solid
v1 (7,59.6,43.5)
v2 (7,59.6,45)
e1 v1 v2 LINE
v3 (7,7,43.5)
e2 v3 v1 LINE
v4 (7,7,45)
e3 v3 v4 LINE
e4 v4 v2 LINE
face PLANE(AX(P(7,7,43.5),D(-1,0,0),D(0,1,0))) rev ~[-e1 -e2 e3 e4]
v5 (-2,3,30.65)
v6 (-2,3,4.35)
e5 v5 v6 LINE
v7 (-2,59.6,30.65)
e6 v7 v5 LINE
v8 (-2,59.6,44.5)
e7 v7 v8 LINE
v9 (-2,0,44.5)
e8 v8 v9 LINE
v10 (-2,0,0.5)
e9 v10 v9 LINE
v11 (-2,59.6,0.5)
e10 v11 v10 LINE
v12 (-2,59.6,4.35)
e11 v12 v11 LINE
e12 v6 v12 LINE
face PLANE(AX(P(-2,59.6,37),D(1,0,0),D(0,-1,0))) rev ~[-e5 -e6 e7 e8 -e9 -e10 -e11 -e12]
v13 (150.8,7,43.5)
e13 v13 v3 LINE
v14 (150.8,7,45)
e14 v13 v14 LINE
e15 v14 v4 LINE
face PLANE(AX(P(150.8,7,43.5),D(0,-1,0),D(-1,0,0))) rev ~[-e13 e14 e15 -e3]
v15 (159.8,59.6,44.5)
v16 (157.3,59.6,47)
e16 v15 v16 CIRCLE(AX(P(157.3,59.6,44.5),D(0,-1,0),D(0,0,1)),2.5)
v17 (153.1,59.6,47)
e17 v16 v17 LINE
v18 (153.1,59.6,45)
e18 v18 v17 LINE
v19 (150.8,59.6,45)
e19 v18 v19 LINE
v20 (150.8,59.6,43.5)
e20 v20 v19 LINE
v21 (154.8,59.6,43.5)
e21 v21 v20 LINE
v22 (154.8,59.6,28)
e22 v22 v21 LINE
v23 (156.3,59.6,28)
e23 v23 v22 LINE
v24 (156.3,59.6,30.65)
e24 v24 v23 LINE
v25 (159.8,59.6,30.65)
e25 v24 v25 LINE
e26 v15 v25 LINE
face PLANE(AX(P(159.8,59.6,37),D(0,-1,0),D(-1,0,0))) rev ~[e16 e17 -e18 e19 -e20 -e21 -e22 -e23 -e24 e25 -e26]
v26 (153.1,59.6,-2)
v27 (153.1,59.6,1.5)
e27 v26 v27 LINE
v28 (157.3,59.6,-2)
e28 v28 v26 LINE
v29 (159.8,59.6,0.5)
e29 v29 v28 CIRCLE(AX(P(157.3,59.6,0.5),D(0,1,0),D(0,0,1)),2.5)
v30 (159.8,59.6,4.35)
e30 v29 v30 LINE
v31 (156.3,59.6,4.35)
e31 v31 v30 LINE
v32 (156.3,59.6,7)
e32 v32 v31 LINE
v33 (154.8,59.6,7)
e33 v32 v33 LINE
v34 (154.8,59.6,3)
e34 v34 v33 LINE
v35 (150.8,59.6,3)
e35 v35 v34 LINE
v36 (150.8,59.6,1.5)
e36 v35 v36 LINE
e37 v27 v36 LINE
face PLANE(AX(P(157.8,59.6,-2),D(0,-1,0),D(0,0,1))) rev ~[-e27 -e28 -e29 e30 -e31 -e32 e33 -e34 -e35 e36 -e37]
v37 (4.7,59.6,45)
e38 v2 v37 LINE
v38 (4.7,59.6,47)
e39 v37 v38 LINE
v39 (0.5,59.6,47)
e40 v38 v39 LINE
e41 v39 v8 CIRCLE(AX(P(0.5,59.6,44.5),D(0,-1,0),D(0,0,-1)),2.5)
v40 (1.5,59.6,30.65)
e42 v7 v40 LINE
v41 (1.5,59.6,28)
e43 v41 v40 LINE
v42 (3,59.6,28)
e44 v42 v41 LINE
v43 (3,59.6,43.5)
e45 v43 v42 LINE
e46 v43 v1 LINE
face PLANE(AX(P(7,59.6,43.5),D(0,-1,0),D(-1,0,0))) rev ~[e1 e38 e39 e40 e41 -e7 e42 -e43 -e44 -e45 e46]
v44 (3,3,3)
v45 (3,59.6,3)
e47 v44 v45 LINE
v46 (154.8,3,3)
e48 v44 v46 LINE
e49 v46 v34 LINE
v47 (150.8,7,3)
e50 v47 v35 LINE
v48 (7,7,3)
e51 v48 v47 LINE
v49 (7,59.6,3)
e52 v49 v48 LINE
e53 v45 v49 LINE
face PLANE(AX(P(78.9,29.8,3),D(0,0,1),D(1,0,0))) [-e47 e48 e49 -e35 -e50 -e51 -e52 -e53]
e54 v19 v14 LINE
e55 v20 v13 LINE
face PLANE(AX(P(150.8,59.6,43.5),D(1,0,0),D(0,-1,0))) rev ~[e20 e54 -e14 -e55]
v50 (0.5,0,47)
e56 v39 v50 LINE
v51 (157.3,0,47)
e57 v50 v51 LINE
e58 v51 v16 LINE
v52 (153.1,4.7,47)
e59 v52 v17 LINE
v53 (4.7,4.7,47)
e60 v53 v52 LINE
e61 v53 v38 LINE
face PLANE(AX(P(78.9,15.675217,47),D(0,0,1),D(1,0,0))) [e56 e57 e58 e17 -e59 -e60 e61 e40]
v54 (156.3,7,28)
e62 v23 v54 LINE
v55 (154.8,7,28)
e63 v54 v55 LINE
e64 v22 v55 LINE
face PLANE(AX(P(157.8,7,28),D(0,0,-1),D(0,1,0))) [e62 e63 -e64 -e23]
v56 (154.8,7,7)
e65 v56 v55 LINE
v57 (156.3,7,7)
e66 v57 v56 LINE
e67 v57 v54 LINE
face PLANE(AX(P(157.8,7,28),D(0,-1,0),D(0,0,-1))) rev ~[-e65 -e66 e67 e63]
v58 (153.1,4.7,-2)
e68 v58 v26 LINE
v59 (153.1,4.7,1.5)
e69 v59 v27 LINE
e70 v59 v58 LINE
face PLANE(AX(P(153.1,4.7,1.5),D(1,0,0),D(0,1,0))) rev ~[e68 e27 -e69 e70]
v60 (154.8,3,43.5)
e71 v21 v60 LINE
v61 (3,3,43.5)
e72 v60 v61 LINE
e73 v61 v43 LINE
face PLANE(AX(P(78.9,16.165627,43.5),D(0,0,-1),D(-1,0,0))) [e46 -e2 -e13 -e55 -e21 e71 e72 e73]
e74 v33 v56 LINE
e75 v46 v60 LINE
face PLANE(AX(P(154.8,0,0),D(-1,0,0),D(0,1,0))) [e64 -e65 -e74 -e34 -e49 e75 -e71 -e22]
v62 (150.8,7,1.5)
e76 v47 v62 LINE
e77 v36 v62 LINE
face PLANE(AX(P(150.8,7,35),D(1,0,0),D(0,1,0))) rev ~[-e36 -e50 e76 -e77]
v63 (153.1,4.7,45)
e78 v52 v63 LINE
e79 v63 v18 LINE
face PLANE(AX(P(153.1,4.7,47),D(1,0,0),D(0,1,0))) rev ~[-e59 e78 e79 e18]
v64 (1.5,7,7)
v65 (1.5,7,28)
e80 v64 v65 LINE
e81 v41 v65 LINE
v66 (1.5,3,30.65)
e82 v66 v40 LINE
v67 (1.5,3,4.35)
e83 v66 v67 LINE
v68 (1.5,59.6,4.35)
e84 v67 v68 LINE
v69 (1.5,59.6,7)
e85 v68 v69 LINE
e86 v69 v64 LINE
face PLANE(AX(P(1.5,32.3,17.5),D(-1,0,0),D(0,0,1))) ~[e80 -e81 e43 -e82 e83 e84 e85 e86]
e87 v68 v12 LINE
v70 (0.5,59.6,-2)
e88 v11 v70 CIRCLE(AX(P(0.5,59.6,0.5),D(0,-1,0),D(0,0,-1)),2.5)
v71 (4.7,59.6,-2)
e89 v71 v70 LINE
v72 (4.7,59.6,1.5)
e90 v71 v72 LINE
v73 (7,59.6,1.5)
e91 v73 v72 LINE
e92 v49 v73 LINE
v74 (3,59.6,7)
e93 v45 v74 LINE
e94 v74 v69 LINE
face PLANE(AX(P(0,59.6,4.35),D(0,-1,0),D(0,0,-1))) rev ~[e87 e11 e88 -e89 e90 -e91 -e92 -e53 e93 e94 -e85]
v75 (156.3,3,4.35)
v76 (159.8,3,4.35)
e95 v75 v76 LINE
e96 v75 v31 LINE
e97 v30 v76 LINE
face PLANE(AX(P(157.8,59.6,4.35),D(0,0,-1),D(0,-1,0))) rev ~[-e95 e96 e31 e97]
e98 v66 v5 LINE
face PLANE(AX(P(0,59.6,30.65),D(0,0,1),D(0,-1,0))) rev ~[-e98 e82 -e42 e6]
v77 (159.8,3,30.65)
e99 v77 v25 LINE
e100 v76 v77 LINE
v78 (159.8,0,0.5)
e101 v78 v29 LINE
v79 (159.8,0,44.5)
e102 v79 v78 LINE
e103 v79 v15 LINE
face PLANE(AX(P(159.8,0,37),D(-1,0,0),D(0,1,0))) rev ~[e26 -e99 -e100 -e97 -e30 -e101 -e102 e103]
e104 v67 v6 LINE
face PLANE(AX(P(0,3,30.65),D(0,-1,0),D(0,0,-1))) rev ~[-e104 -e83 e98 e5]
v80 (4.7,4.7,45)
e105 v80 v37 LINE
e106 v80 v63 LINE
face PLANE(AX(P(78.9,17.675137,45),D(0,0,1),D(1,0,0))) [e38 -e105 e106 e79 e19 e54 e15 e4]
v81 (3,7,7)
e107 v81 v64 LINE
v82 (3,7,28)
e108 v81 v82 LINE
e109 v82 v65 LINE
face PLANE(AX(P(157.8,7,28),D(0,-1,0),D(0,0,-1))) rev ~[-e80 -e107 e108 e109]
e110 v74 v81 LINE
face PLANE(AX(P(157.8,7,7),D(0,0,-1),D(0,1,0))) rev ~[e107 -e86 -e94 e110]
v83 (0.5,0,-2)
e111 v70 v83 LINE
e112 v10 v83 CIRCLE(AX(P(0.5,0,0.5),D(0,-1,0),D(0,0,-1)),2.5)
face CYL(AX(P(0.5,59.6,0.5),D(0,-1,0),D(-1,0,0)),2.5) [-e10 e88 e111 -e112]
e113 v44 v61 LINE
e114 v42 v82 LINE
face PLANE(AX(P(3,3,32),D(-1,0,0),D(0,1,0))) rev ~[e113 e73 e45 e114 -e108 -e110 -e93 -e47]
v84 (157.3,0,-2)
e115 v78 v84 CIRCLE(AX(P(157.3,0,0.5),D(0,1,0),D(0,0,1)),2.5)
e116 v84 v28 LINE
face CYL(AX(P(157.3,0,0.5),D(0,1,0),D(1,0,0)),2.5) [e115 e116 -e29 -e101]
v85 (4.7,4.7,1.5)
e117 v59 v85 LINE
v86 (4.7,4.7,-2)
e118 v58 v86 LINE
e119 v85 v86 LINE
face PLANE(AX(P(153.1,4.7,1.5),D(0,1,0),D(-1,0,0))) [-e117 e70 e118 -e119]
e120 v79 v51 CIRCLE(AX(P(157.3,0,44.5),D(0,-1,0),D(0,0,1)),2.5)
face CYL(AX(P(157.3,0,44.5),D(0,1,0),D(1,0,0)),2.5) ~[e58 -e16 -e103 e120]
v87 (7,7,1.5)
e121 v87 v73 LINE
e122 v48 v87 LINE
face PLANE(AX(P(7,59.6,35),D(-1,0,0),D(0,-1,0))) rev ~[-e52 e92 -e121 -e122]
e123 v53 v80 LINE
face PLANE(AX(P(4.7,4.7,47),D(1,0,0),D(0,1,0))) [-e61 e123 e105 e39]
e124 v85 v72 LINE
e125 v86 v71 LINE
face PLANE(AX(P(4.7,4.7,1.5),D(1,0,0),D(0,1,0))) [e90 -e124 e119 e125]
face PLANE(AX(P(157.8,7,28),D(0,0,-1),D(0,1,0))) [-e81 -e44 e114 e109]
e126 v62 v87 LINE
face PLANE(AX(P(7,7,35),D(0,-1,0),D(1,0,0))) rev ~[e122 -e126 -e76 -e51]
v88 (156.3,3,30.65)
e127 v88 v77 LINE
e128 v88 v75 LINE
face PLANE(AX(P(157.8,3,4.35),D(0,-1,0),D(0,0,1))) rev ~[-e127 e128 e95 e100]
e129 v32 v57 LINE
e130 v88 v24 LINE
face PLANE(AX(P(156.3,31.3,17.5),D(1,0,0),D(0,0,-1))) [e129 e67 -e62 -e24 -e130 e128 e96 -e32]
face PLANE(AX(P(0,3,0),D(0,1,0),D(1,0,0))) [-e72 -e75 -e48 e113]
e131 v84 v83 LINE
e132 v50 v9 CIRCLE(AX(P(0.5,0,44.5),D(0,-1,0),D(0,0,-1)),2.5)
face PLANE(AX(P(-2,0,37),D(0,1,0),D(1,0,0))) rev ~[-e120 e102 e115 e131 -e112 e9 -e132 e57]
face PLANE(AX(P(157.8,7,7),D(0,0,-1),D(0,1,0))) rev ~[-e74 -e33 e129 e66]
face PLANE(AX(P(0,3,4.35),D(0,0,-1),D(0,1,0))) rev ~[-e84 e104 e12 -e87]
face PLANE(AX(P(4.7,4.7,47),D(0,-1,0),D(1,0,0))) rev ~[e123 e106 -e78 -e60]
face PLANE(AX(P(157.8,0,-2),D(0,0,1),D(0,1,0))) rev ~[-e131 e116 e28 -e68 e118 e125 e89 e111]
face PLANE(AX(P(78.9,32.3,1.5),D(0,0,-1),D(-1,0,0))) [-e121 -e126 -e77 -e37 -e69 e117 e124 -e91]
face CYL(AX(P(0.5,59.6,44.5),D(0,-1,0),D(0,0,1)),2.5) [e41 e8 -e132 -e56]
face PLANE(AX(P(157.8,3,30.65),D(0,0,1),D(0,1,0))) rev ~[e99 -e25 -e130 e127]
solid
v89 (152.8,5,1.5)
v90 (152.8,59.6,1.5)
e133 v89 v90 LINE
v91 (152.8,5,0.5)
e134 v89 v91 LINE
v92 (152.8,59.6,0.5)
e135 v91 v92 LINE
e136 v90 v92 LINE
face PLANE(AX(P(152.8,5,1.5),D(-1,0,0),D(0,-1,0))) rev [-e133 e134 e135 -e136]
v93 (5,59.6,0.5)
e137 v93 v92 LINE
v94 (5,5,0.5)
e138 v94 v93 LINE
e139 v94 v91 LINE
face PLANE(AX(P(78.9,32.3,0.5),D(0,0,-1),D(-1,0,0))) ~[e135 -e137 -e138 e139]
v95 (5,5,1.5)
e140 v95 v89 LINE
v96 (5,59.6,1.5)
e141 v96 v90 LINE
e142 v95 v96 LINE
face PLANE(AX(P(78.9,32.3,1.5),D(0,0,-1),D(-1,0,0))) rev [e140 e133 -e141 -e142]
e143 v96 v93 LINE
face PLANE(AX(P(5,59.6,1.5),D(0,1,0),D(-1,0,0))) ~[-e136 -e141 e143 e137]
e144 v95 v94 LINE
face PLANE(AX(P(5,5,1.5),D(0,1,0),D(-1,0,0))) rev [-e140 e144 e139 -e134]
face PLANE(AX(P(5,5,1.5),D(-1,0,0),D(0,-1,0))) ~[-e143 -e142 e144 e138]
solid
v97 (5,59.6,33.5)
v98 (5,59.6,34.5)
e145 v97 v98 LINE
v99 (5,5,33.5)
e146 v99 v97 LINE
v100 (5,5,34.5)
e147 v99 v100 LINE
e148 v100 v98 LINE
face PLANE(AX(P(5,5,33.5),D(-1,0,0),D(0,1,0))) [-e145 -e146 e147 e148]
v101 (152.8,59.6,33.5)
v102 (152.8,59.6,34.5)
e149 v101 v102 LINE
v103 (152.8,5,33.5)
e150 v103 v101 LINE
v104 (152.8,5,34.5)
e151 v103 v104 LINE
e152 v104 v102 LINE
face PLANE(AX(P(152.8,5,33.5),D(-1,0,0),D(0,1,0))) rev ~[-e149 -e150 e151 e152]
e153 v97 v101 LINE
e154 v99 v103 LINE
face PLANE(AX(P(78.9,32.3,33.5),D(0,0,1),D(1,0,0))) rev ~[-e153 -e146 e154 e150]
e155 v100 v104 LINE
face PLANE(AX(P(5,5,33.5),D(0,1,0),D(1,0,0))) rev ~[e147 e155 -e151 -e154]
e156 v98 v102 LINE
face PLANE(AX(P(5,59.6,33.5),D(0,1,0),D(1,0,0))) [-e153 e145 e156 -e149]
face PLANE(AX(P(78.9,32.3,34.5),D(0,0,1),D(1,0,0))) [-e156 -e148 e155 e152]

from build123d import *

# Parameters (mm, degrees)
SKETCH1_W            = 157.8
SKETCH1_H            = 59.6
BOSS_EXTRUDE1_DEPTH  = 35
SHELL1_T             = -3
SKETCH2_W            = 143.8
SKETCH2_H            = 50.6
SKETCH2_H_2          = 2
CUT_EXTRUDE1_DEPTH   = 173.273039098
SKETCH2_3_W          = 147.8
SKETCH2_3_H          = 54.6
CUT_EXTRUDE2_DEPTH   = 1.5
SKETCH3_W            = 21
SKETCH3_H            = 52.6
CUT_EXTRUDE3_DEPTH   = 173.273039098
SKETCH3_3_W          = 25
SKETCH3_3_H          = 54.6
CUT_EXTRUDE4_DEPTH   = 1.5
SKETCH4_W            = 147.8
SKETCH4_H            = 54.6
BOSS_EXTRUDE2_DEPTH  = 1
SKETCH5_W            = 25
SKETCH5_H            = 54.6
BOSS_EXTRUDE3_DEPTH  = 1
SKETCH6_W            = 25.3
SKETCH6_H            = 56.6
CUT_EXTRUDE5_DEPTH   = 1.5
SKETCH7_W            = 26.3
SKETCH7_H            = 56.6
CUT_EXTRUDE6_DEPTH   = 1.5
SKETCH8_W            = 26.3
SKETCH8_H            = 56.6
CUT_EXTRUDE7_DEPTH   = 1.5
BOSS_EXTRUDE4_DEPTH  = 2
BOSS_EXTRUDE5_DEPTH  = 2
BOSS_EXTRUDE6_DEPTH  = 2
BOSS_EXTRUDE7_DEPTH  = 2
BOSS_EXTRUDE8_DEPTH  = 10
CUT_EXTRUDE8_START   = -11.5
CUT_EXTRUDE8_DEPTH   = 2.5
BOSS_EXTRUDE10_DEPTH = 1.5
CUT_EXTRUDE9_DEPTH   = 11.5
CUT_EXTRUDE10_START  = -3.5
SKETCH16_W           = 148.4
SKETCH16_H           = 55.2
CUT_EXTRUDE10_DEPTH  = 3.5
SKETCH17_W           = 148.4
SKETCH17_H           = 55.2
CUT_EXTRUDE11_DEPTH  = 2
FILLET1_R            = 2.5


with BuildPart() as part:
    # Sketch1 → Boss-Extrude1 (new body)
    with BuildSketch(Plane.XY):
        with Locations((78.9, 29.8)):
            Rectangle(SKETCH1_W, SKETCH1_H)
    extrude(amount=BOSS_EXTRUDE1_DEPTH)

    # Shell1
    shell1_openings = [part.faces().sort_by_distance(p)[0] for p in [
        (78.9, 59.6, 17.5),
    ]]
    offset(amount=SHELL1_T, openings=shell1_openings, kind=Kind.INTERSECTION)

    # Sketch2 → Cut-Extrude1 (cut, through all)
    with BuildSketch(Plane.XY.offset(35)):
        with Locations((78.9, 32.3)):
            Rectangle(SKETCH2_W, SKETCH2_H)
        with Locations((78.9, 58.6)):
            Rectangle(SKETCH2_W, SKETCH2_H_2)
    extrude(amount=-CUT_EXTRUDE1_DEPTH, mode=Mode.SUBTRACT)

    # Sketch2<3> → Cut-Extrude2 (cut)
    with BuildSketch(Plane.XY.offset(35)):
        with Locations((78.9, 32.3)):
            Rectangle(SKETCH2_3_W, SKETCH2_3_H)
    cut_extrude2 = extrude(amount=-CUT_EXTRUDE2_DEPTH, mode=Mode.SUBTRACT)

    # Mirror1: Cut-Extrude2 across plane
    add(cut_extrude2.mirror(Plane.XY.offset(17.5)), mode=Mode.SUBTRACT)

    # Sketch3 → Cut-Extrude3 (cut, through all)
    with BuildSketch(Plane(origin=(157.8, 0, 0), x_dir=(0, 0, -1), z_dir=(1, 0, 0))):
        with Locations((-17.5, 33.3)):
            Rectangle(SKETCH3_W, SKETCH3_H)
    extrude(amount=-CUT_EXTRUDE3_DEPTH, mode=Mode.SUBTRACT)

    # Sketch3<3> → Cut-Extrude4 (cut)
    with BuildSketch(Plane(origin=(157.8, 0, 0), x_dir=(0, 0, -1), z_dir=(1, 0, 0))):
        with Locations((-17.5, 32.3)):
            Rectangle(SKETCH3_3_W, SKETCH3_3_H)
    cut_extrude4 = extrude(amount=-CUT_EXTRUDE4_DEPTH, mode=Mode.SUBTRACT)

    # Mirror2: Cut-Extrude4 across plane
    add(cut_extrude4.mirror(Plane(origin=(78.9, 0, 0), x_dir=(0, 0, 1), z_dir=(1, 0, 0))), mode=Mode.SUBTRACT)

    # Sketch6 → Cut-Extrude5 (cut)
    with BuildSketch(Plane(origin=(157.8, 0, 0), x_dir=(0, 0, -1), z_dir=(1, 0, 0))):
        with Locations((-17.5, 31.3)):
            Rectangle(SKETCH6_W, SKETCH6_H)
    cut_extrude5 = extrude(amount=-CUT_EXTRUDE5_DEPTH, mode=Mode.SUBTRACT)

    # Mirror5: Cut-Extrude5 across plane
    add(cut_extrude5.mirror(Plane(origin=(78.9, 0, 0), x_dir=(0, 0, 1), z_dir=(1, 0, 0))), mode=Mode.SUBTRACT)

    # Sketch7 → Cut-Extrude6 (cut)
    with BuildSketch(Plane(origin=(157.8, 0, 0), x_dir=(0, 0, -1), z_dir=(1, 0, 0))):
        with Locations((-17.5, 31.3)):
            Rectangle(SKETCH7_W, SKETCH7_H)
    extrude(amount=-CUT_EXTRUDE6_DEPTH, mode=Mode.SUBTRACT)

    # Sketch8 → Cut-Extrude7 (cut)
    with BuildSketch(Plane.ZY):
        with Locations((17.5, 31.3)):
            Rectangle(SKETCH8_W, SKETCH8_H)
    extrude(amount=-CUT_EXTRUDE7_DEPTH, mode=Mode.SUBTRACT)

    # Sketch9 → Boss-Extrude4 (add)
    with BuildSketch(Plane(origin=(0, 0, 0), x_dir=(-1, 0, 0), z_dir=(0, 0, -1))):
        Polygon((0, 59.6), (-5, 59.6), (-5, 5), (-152.8, 5), (-152.8, 59.6), (-157.8, 59.6), (-157.8, 0), (0, 0), align=None)
    extrude(amount=BOSS_EXTRUDE4_DEPTH)

    # Sketch10 → Boss-Extrude5 (add)
    with BuildSketch(Plane.XY.offset(35)):
        Polygon((152.8, 5), (5, 5), (5, 59.6), (0, 59.6), (0, 0), (157.8, 0), (157.8, 59.6), (152.8, 59.6), align=None)
    extrude(amount=BOSS_EXTRUDE5_DEPTH)

    # Sketch11 → Boss-Extrude6 (add)
    with BuildSketch(Plane.ZY):
        Polygon((30.65, 59.6), (30.65, 3), (4.35, 3), (4.35, 59.6), (-2, 59.6), (-2, 0), (37, 0), (37, 59.6), align=None)
    extrude(amount=BOSS_EXTRUDE6_DEPTH)

    # Sketch12 → Boss-Extrude7 (add)
    with BuildSketch(Plane(origin=(157.8, 0, 0), x_dir=(0, 0, -1), z_dir=(1, 0, 0))):
        Polygon((2, 59.6), (-4.35, 59.6), (-4.35, 3), (-30.65, 3), (-30.65, 59.6), (-37, 59.6), (-37, 0), (2, 0), align=None)
    extrude(amount=BOSS_EXTRUDE7_DEPTH)

    # Sketch13 → Boss-Extrude8 (add)
    with BuildSketch(Plane.XY.offset(37)):
        Polygon((152.8, 59.6), (152.8, 5), (5, 5), (5, 59.6), (-2, 59.6), (-2, 0), (159.8, 0), (159.8, 59.6), align=None)
    extrude(amount=BOSS_EXTRUDE8_DEPTH)

    # Sketch14 → Cut-Extrude8 (cut)
    with BuildSketch(Plane.XY.offset(43.5).offset(CUT_EXTRUDE8_START)):
        Polygon((150.8, 7), (7, 7), (7, 59.6), (5, 59.6), (5, 5), (152.8, 5), (152.8, 59.6), (150.8, 59.6), align=None)
    extrude(amount=CUT_EXTRUDE8_DEPTH, mode=Mode.SUBTRACT)

    # Sketch14<2> → Boss-Extrude10 (add)
    with BuildSketch(Plane.XY.offset(43.5)):
        Polygon((150.8, 7), (7, 7), (7, 59.6), (5, 59.6), (5, 5), (152.8, 5), (152.8, 59.6), (150.8, 59.6), align=None)
    extrude(amount=BOSS_EXTRUDE10_DEPTH)

    # Sketch15 → Cut-Extrude9 (cut)
    with BuildSketch(Plane(origin=(0, 0, 32), x_dir=(-1, 0, 0), z_dir=(0, 0, -1))):
        Polygon((-152.8, 5), (-152.8, 59.6), (-154.8, 59.6), (-154.8, 3), (-3, 3), (-3, 59.6), (-5, 59.6), (-5, 5), align=None)
    extrude(amount=-CUT_EXTRUDE9_DEPTH, mode=Mode.SUBTRACT)

    # Sketch16 → Cut-Extrude10 (cut)
    with BuildSketch(Plane(origin=(0, 0, -2), x_dir=(-1, 0, 0), z_dir=(0, 0, -1)).offset(CUT_EXTRUDE10_START)):
        with Locations((-78.9, 32.3)):
            Rectangle(SKETCH16_W, SKETCH16_H)
    extrude(amount=CUT_EXTRUDE10_DEPTH, mode=Mode.SUBTRACT)

    # Sketch17 → Cut-Extrude11 (cut)
    with BuildSketch(Plane.XY.offset(47)):
        with Locations((78.9, 32.3)):
            Rectangle(SKETCH17_W, SKETCH17_H)
    extrude(amount=-CUT_EXTRUDE11_DEPTH, mode=Mode.SUBTRACT)

    # Fillet1
    fillet1_edges = [part.edges().sort_by_distance(p)[0] for p in [
        (-2, 29.8, -2),
        (159.8, 29.8, -2),
        (-2, 29.8, 47),
        (159.8, 29.8, 47),
    ]]
    fillet(fillet1_edges, radius=FILLET1_R)


with BuildPart() as body_2:
    # Sketch4 → Boss-Extrude2 (new body)
    with BuildSketch(Plane.XY.offset(33.5)):
        with Locations((78.9, 32.3)):
            Rectangle(SKETCH4_W, SKETCH4_H)
    extrude(amount=BOSS_EXTRUDE2_DEPTH)


with BuildPart() as body_3:
    # Mirror3: mirrored copy
    add(body_2.part.mirror(Plane.XY.offset(17.5)))


with BuildPart() as body_4:
    # Sketch5 → Boss-Extrude3 (new body)
    with BuildSketch(Plane(origin=(156.3, 0, 0), x_dir=(0, 0, -1), z_dir=(1, 0, 0))):
        with Locations((-17.5, 32.3)):
            Rectangle(SKETCH5_W, SKETCH5_H)
    extrude(amount=BOSS_EXTRUDE3_DEPTH)


with BuildPart() as body_5:
    # Mirror4: mirrored copy
    add(body_4.part.mirror(Plane(origin=(78.9, 0, 0), x_dir=(0, 0, 1), z_dir=(1, 0, 0))))


solid = Compound([part.part, body_2.part, body_3.part])
